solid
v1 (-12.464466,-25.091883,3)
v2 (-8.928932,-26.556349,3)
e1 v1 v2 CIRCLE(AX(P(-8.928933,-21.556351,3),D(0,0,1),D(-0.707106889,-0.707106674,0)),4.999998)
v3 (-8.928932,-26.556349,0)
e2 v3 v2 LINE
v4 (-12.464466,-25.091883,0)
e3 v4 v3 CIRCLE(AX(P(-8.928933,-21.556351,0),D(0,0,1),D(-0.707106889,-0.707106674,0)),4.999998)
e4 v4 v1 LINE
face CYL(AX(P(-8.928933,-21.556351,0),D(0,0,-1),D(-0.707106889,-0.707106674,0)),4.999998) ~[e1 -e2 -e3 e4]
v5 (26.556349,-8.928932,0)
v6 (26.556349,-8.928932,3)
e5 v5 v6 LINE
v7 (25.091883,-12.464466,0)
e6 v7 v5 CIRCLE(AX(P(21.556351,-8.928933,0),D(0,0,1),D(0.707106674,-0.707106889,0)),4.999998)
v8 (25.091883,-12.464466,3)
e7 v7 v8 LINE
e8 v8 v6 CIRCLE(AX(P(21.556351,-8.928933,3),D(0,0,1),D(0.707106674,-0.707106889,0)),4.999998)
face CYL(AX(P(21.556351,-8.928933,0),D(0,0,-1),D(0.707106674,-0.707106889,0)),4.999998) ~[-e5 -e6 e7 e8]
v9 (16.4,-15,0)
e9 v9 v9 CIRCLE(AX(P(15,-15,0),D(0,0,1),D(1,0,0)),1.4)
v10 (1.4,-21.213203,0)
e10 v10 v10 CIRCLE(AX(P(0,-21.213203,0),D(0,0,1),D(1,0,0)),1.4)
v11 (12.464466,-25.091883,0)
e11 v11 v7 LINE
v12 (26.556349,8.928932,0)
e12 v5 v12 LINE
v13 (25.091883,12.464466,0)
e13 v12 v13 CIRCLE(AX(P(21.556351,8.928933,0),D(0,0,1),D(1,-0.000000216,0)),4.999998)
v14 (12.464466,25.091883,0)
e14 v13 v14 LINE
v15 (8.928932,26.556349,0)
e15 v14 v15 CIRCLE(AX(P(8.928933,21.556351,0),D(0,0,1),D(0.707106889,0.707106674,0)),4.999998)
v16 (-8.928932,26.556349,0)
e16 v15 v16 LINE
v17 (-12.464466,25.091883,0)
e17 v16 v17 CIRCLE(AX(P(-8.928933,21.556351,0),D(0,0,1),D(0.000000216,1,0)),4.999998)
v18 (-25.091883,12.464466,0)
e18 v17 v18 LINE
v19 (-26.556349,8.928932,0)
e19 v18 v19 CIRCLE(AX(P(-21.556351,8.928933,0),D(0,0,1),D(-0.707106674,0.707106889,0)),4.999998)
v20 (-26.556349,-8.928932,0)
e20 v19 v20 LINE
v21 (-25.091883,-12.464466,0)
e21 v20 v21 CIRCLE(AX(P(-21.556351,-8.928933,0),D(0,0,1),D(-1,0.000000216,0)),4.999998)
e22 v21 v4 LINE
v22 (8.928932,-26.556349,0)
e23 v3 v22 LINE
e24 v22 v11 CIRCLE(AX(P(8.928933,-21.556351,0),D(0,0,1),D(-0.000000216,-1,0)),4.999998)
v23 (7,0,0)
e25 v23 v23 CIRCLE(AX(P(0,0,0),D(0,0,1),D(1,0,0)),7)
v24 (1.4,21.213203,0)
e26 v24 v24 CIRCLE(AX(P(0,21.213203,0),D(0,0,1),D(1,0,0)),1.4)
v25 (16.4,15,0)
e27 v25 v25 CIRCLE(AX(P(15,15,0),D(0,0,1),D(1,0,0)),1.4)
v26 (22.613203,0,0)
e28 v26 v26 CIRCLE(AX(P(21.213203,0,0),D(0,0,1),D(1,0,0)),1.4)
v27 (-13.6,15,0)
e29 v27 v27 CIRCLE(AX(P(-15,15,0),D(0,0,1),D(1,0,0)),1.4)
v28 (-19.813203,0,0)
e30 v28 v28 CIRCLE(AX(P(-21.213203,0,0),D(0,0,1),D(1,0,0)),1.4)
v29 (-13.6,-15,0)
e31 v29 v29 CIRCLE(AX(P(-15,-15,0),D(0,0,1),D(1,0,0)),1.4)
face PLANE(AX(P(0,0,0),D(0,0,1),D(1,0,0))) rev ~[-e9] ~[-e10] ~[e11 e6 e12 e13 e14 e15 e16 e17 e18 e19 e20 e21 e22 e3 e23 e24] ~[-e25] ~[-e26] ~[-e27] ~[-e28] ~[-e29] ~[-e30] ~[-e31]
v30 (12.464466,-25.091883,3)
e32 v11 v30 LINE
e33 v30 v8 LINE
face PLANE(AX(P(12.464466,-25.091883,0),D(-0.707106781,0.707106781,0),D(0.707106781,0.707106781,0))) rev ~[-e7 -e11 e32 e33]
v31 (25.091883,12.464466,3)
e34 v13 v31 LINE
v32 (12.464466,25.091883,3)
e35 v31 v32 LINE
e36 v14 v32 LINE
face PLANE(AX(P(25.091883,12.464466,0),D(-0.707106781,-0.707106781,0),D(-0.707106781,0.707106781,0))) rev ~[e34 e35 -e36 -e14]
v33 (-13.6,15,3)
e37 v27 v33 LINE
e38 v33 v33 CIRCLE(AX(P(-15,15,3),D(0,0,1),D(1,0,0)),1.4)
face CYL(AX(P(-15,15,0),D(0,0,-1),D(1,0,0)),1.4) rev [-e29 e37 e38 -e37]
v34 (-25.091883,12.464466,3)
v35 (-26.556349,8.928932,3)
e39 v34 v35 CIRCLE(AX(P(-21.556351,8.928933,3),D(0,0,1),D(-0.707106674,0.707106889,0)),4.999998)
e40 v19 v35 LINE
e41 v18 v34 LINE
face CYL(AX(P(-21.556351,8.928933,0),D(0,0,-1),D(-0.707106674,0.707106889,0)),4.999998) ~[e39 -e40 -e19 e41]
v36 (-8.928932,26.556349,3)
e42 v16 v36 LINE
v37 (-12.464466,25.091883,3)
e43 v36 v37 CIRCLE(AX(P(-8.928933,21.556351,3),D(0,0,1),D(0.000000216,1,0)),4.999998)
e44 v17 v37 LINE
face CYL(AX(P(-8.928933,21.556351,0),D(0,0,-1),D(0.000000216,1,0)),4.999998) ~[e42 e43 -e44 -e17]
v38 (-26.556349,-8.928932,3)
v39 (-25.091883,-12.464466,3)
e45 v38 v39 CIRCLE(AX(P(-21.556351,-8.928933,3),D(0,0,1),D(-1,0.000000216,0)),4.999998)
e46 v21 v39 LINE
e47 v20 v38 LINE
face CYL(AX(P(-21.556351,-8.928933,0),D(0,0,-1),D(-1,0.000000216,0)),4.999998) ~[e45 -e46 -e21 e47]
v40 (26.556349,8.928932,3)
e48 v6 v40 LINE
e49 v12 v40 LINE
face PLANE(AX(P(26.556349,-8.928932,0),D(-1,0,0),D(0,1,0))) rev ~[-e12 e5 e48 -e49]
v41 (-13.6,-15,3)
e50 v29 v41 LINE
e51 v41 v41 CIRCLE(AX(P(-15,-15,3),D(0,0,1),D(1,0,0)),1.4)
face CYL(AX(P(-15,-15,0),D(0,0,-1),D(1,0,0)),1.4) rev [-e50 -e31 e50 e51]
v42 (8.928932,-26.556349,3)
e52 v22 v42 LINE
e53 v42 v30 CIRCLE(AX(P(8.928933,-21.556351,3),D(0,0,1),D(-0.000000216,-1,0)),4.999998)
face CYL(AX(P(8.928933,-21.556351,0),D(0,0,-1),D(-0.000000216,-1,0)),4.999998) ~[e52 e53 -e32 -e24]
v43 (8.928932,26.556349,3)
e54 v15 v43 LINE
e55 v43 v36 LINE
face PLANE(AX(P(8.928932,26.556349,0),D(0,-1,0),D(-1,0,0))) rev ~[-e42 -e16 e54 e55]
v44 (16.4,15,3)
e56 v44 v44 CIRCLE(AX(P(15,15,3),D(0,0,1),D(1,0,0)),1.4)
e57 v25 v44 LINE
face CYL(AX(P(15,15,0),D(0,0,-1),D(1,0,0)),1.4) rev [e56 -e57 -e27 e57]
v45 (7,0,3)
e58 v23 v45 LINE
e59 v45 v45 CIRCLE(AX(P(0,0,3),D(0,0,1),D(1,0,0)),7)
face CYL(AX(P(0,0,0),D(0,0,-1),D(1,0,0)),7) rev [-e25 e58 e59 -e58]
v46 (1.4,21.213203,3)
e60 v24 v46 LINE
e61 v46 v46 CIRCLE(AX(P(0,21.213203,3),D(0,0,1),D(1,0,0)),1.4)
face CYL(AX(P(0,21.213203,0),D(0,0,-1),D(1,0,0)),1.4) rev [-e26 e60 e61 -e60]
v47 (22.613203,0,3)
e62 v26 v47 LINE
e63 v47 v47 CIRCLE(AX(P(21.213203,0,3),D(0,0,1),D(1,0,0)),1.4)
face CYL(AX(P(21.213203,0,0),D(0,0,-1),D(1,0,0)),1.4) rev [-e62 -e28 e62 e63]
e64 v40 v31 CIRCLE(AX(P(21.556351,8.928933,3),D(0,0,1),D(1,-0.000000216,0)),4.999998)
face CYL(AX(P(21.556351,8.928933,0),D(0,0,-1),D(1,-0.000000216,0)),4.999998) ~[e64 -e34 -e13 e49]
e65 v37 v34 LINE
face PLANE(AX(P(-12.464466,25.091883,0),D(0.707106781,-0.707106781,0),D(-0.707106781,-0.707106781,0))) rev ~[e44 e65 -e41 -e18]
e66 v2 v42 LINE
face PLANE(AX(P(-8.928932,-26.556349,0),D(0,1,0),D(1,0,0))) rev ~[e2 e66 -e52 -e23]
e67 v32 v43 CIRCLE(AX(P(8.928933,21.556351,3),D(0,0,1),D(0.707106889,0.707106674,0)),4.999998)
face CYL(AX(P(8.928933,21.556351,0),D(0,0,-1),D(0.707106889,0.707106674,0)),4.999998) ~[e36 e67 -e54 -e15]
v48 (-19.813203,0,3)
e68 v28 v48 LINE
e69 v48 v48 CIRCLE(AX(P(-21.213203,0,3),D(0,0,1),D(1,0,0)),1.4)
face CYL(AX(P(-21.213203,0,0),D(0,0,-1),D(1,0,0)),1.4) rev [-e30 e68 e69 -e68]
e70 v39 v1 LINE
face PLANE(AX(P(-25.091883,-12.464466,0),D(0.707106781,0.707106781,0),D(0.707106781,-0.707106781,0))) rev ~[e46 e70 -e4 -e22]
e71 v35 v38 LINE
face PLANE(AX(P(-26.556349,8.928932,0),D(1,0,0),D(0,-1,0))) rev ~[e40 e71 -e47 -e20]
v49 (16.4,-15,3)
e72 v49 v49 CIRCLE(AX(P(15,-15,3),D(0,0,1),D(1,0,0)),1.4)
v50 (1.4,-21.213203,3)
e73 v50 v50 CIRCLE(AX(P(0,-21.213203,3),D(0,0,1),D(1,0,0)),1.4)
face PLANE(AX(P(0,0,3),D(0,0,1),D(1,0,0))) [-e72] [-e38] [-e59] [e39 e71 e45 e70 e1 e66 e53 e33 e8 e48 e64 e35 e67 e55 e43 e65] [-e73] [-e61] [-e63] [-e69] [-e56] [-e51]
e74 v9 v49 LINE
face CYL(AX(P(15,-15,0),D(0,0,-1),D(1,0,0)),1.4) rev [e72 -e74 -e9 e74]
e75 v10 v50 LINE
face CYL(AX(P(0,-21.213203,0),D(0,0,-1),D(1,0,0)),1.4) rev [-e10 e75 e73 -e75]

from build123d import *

# Parameters (mm, degrees)
F0_R     = 1.4
F0_R_2   = 7
F1_DEPTH = 3


with BuildPart() as f1:
    # F0 (on Top) → F1 (new body)
    with BuildSketch(Plane.XY):
        with BuildLine():
            Line((8.928932, 26.556349), (-8.928932, 26.556349))
            ThreePointArc((-8.928932, 26.556349), (-10.842349, 26.175747), (-12.464466, 25.091883))
            Line((-12.464466, 25.091883), (-25.091883, 12.464466))
            ThreePointArc((-25.091883, 12.464466), (-26.175747, 10.842349), (-26.556349, 8.928932))
            Line((-26.556349, 8.928932), (-26.556349, -8.928932))
            ThreePointArc((-26.556349, -8.928932), (-26.175747, -10.842349), (-25.091883, -12.464466))
            Line((-25.091883, -12.464466), (-12.464466, -25.091883))
            ThreePointArc((-12.464466, -25.091883), (-10.842349, -26.175747), (-8.928932, -26.556349))
            Line((-8.928932, -26.556349), (8.928932, -26.556349))
            ThreePointArc((8.928932, -26.556349), (10.842349, -26.175747), (12.464466, -25.091883))
            Line((12.464466, -25.091883), (25.091883, -12.464466))
            ThreePointArc((25.091883, -12.464466), (26.175747, -10.842349), (26.556349, -8.928932))
            Line((26.556349, -8.928932), (26.556349, 8.928932))
            ThreePointArc((26.556349, 8.928932), (26.175747, 10.842349), (25.091883, 12.464466))
            Line((25.091883, 12.464466), (12.464466, 25.091883))
            ThreePointArc((12.464466, 25.091883), (10.842349, 26.175747), (8.928932, 26.556349))
        make_face()
        with Locations((-15, -15)):
            Circle(F0_R, mode=Mode.SUBTRACT)
        with Locations((-21.213203, 0)):
            Circle(F0_R, mode=Mode.SUBTRACT)
        with Locations((0, -21.213203)):
            Circle(F0_R, mode=Mode.SUBTRACT)
        with Locations((15, -15)):
            Circle(F0_R, mode=Mode.SUBTRACT)
        Circle(F0_R_2, mode=Mode.SUBTRACT)
        with Locations((21.213203, 0)):
            Circle(F0_R, mode=Mode.SUBTRACT)
        with Locations((-15, 15)):
            Circle(F0_R, mode=Mode.SUBTRACT)
        with Locations((0, 21.213203)):
            Circle(F0_R, mode=Mode.SUBTRACT)
        with Locations((15, 15)):
            Circle(F0_R, mode=Mode.SUBTRACT)
    extrude(amount=F1_DEPTH)


solid = f1.part
